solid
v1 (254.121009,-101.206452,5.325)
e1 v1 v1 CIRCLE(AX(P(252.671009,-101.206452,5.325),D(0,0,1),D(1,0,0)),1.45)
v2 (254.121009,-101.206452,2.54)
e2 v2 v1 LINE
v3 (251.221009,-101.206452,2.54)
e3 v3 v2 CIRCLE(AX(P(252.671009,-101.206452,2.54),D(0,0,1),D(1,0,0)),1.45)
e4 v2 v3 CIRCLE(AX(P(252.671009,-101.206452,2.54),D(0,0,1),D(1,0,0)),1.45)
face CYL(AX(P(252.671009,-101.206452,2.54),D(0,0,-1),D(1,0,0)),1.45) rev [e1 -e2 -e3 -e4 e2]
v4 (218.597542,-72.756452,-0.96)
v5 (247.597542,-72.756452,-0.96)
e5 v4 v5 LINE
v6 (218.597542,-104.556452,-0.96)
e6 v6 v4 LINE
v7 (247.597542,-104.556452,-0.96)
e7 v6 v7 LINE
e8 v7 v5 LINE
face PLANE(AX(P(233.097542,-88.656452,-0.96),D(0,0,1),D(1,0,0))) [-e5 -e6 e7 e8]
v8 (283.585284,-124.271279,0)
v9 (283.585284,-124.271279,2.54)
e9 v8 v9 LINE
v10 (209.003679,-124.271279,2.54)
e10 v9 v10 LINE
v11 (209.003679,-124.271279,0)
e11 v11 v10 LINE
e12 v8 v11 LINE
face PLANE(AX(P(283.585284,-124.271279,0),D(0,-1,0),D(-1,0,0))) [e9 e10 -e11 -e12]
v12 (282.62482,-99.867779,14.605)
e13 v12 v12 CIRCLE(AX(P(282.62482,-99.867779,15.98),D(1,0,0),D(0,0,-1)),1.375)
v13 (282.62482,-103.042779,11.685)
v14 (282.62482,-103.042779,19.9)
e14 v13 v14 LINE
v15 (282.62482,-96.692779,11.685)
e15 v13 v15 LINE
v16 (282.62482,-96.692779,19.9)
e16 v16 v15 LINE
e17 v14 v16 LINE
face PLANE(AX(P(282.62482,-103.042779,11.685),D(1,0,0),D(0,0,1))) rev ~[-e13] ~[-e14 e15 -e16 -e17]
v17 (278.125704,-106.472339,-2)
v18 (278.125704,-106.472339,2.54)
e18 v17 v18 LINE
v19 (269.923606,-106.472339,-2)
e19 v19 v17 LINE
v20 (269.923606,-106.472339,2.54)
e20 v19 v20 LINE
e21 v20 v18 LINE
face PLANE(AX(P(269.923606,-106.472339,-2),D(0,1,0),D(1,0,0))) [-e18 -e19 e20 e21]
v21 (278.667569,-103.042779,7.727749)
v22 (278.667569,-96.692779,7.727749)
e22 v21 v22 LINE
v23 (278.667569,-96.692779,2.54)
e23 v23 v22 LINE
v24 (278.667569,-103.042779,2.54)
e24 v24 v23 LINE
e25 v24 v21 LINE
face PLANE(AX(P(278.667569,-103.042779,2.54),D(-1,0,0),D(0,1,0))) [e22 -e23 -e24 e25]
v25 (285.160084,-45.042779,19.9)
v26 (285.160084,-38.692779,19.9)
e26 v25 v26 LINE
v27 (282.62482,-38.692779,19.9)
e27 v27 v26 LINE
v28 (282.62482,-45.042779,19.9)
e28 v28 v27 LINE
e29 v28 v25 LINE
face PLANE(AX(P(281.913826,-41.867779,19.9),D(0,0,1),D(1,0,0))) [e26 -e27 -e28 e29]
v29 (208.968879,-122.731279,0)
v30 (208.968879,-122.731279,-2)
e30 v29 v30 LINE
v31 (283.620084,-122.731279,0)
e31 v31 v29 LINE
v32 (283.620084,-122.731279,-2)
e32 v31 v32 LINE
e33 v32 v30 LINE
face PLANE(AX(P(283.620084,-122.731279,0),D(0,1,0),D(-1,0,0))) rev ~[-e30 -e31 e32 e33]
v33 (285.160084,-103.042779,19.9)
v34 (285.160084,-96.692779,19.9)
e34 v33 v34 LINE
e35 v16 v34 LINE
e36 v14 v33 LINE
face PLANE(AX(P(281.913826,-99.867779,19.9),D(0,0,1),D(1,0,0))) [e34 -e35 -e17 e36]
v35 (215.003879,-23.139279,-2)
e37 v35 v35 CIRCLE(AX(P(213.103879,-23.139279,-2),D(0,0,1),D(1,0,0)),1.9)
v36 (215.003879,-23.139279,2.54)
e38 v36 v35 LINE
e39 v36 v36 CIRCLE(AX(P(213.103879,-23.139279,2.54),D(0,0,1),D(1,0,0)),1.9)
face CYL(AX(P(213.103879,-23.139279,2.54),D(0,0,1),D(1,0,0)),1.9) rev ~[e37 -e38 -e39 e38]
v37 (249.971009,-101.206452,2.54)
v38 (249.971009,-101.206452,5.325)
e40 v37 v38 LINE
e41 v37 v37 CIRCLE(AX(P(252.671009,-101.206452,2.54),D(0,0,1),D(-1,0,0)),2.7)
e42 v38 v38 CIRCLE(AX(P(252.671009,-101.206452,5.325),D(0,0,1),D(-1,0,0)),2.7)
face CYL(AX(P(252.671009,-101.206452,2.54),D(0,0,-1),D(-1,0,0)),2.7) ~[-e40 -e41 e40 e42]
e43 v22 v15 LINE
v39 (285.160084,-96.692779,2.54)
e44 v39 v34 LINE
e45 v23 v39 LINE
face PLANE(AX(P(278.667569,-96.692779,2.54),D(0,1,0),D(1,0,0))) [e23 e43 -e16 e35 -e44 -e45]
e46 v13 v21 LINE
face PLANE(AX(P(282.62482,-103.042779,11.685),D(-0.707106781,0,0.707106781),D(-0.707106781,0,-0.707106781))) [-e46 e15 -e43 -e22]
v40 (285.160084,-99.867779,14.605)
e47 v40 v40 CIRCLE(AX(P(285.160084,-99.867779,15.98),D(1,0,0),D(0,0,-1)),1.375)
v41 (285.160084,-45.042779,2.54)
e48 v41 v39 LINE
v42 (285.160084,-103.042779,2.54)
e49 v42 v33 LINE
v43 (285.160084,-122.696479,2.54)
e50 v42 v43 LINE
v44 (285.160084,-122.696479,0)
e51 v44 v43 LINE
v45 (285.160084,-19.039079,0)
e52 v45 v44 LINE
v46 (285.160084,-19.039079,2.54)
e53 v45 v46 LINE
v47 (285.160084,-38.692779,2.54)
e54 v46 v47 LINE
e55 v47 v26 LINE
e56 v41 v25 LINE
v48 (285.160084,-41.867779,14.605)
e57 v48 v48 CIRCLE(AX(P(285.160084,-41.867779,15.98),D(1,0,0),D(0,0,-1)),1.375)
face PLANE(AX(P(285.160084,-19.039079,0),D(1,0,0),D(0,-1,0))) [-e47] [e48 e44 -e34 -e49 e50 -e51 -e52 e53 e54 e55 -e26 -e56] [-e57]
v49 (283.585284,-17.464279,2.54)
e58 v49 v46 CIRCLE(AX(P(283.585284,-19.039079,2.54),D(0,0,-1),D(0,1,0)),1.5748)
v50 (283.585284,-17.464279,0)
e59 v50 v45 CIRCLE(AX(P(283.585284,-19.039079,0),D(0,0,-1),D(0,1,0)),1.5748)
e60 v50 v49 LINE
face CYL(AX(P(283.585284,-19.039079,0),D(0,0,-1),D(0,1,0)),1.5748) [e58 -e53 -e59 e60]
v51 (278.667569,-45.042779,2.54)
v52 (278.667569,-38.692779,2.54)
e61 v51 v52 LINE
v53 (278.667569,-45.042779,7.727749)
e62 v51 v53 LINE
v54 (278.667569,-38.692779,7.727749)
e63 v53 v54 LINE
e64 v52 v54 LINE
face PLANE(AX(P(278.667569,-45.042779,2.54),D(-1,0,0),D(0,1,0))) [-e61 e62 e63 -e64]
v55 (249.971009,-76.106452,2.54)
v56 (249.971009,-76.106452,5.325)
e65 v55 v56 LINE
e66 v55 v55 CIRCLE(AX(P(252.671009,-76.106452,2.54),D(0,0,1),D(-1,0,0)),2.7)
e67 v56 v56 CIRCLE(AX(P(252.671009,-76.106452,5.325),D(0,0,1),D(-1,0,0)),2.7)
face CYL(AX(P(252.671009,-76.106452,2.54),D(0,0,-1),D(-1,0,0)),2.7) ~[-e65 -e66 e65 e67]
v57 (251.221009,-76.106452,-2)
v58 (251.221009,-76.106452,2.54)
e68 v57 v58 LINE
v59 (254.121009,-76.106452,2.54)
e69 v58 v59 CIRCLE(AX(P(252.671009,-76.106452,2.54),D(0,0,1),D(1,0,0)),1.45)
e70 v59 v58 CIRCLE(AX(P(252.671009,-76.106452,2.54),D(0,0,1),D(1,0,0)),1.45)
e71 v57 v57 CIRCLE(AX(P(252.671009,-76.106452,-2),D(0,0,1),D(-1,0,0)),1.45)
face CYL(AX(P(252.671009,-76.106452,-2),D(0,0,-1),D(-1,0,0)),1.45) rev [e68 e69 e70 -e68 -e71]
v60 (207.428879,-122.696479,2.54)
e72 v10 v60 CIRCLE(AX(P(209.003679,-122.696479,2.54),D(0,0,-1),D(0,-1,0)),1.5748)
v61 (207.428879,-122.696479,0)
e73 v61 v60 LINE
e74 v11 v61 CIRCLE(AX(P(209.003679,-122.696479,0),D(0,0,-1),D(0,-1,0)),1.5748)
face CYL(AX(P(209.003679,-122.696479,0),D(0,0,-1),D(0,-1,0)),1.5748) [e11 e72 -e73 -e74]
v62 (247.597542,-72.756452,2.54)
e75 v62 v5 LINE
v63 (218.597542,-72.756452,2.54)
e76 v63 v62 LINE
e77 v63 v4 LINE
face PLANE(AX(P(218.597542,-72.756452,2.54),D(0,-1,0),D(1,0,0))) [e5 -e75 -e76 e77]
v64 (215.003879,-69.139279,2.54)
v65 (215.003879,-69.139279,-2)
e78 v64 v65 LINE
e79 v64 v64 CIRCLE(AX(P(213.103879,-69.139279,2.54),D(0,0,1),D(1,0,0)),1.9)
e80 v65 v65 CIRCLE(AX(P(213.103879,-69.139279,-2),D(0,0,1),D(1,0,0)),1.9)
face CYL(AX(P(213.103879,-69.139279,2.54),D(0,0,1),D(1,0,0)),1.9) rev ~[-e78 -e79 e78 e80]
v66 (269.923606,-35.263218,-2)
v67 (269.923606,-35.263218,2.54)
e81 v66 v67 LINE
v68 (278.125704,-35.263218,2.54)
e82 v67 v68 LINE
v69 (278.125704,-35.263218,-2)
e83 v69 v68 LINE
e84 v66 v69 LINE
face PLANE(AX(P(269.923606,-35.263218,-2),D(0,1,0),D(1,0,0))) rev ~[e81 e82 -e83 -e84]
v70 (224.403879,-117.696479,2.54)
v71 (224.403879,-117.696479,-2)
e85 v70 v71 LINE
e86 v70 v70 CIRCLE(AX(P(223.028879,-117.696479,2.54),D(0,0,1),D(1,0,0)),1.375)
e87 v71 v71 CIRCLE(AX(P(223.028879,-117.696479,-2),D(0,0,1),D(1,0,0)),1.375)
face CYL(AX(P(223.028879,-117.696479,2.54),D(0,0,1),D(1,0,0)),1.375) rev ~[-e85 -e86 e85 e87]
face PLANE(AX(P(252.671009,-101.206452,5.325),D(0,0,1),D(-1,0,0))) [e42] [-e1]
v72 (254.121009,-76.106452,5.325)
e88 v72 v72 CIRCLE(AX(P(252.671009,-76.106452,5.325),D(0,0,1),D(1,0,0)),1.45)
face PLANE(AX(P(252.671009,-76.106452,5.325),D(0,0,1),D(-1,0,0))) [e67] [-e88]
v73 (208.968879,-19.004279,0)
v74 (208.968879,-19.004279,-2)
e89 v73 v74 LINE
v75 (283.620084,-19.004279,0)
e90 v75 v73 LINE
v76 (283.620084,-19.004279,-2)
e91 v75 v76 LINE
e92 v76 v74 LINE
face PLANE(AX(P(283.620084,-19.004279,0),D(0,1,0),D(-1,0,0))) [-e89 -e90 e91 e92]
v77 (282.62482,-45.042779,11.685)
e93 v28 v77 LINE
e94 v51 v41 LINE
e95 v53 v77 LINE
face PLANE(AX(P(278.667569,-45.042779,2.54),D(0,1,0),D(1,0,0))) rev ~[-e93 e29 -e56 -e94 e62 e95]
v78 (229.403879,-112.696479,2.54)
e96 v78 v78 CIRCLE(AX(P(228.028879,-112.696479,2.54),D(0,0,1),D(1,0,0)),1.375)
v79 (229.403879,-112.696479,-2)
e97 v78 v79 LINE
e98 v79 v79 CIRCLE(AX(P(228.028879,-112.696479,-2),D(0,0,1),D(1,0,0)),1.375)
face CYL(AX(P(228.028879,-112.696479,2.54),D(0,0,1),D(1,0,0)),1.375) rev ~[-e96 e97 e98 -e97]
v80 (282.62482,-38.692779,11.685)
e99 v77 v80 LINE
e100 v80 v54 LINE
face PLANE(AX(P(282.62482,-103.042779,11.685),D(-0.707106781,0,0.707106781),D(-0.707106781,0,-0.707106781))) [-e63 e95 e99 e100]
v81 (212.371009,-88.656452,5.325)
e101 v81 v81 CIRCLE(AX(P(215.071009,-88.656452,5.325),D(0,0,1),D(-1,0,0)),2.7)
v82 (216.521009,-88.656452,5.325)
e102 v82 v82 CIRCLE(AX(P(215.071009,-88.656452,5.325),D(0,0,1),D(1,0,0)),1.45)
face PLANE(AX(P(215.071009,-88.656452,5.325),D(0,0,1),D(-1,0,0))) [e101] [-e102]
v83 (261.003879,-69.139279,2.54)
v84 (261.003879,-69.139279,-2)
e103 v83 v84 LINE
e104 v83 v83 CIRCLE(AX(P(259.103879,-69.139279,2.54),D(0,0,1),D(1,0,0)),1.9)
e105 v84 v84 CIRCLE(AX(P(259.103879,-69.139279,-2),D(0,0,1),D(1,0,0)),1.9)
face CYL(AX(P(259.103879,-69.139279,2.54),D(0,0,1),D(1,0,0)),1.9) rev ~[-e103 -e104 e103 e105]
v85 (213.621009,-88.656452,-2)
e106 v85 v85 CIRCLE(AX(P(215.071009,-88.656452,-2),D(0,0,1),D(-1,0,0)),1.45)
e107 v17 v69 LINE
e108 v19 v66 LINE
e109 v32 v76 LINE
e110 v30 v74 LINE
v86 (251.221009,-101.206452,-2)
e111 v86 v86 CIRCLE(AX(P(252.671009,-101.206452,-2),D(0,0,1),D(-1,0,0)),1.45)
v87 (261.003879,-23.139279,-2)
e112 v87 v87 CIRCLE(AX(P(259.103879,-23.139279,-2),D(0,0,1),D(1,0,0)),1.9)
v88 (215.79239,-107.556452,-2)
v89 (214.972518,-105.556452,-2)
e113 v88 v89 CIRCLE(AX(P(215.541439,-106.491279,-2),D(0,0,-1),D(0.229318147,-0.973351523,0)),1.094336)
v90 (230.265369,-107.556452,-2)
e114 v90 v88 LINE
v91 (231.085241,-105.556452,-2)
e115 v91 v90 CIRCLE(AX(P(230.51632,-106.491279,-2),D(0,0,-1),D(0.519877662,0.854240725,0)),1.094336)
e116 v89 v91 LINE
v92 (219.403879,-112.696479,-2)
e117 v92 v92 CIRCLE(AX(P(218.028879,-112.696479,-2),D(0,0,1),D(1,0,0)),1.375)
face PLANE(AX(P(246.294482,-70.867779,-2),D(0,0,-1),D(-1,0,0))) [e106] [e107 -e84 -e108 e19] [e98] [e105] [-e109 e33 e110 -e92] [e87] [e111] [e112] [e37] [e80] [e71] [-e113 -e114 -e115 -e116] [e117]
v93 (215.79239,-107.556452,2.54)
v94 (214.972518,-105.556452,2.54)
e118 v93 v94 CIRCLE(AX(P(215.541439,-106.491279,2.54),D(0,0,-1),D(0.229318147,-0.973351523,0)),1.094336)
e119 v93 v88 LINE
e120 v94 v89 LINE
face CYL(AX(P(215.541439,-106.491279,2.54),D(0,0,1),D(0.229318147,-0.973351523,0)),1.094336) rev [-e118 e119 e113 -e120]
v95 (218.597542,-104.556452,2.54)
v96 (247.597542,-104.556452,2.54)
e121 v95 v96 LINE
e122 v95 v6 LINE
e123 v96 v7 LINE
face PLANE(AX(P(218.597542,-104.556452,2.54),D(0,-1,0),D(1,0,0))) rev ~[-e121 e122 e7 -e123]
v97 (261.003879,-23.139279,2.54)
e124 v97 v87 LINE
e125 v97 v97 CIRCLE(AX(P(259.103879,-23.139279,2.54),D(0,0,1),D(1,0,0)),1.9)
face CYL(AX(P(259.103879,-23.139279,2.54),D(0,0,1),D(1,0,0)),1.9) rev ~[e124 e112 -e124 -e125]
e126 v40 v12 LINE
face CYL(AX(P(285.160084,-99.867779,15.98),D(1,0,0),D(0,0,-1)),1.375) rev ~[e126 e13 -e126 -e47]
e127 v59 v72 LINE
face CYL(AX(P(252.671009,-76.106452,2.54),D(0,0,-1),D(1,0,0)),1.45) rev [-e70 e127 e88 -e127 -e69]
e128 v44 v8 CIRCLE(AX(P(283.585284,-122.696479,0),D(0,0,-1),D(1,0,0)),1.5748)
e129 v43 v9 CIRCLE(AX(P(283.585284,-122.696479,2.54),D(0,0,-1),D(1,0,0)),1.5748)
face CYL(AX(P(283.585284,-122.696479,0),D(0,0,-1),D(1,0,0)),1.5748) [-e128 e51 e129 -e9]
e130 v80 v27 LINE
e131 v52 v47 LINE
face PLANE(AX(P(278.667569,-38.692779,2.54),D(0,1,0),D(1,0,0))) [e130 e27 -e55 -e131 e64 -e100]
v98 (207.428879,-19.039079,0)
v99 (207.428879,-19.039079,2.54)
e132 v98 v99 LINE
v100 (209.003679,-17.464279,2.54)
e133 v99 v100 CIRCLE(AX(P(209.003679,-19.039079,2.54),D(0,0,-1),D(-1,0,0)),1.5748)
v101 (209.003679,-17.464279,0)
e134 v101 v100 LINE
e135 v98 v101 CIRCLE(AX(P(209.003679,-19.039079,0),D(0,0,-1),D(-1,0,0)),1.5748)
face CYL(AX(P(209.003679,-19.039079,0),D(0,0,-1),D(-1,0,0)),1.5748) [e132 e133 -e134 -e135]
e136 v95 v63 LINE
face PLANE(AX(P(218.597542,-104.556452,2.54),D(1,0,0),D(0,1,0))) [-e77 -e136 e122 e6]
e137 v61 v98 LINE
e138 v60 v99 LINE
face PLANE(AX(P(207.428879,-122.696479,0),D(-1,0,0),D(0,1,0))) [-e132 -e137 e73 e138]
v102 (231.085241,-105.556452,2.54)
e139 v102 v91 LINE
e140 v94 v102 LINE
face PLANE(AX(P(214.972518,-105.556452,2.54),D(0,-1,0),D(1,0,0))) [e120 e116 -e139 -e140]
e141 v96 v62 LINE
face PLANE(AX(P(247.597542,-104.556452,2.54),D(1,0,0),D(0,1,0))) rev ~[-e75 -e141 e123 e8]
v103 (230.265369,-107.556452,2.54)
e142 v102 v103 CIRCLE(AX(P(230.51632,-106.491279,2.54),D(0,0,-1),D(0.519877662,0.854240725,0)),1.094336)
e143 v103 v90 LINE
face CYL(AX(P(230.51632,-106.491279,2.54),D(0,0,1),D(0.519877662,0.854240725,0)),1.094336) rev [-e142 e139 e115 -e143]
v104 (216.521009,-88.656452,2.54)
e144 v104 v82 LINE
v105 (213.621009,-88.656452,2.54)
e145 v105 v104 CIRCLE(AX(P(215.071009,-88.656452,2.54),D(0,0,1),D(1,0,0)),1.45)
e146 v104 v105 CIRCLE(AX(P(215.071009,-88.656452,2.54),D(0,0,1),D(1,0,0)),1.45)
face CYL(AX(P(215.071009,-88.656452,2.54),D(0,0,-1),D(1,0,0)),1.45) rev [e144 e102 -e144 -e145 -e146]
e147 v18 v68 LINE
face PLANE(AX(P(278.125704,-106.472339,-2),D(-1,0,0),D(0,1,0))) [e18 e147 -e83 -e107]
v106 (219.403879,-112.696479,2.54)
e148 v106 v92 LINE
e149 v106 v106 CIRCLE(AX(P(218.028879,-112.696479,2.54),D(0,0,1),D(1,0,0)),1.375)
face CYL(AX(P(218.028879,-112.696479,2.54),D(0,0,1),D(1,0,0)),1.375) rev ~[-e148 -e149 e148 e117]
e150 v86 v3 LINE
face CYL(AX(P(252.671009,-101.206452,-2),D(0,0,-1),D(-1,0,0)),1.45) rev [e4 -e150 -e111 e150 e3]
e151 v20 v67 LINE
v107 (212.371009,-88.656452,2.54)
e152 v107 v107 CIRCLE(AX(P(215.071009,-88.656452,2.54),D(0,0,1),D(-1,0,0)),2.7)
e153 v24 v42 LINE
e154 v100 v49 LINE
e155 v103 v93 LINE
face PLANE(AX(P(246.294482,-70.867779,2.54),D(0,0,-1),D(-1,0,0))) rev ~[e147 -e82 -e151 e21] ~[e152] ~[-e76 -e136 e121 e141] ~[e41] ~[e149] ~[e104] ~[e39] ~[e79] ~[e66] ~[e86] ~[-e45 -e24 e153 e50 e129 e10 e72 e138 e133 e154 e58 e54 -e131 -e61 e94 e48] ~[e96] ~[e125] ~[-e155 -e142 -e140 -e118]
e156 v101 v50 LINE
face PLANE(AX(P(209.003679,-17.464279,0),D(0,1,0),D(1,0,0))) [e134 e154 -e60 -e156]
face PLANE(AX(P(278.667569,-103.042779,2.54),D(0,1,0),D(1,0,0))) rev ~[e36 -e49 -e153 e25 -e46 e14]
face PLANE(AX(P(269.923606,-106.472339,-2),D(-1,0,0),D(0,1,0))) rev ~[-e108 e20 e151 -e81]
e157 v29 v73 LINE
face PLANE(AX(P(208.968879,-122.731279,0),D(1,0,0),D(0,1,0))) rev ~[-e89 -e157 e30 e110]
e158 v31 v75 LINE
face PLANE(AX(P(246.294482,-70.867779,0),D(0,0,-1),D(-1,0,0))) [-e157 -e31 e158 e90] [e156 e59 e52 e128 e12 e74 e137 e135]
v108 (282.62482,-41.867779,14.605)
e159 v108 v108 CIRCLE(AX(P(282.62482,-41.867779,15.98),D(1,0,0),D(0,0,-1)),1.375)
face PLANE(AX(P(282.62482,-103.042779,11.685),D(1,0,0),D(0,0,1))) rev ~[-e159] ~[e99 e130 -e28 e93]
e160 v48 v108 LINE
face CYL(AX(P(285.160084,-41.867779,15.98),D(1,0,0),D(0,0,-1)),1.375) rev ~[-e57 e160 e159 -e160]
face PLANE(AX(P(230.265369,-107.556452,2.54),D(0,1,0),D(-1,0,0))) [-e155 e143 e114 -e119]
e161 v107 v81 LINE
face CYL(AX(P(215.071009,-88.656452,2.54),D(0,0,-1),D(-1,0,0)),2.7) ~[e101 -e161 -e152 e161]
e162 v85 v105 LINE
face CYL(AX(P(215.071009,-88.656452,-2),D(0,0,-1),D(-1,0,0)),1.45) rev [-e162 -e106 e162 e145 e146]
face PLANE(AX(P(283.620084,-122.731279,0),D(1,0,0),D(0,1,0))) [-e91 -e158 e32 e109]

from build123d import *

# Parameters (mm, degrees)
BOSS_EXTRUDE1_DEPTH      = 2.54
SKETCH2_W                = 74.651204731
SKETCH2_H                = 103.727
BOSS_EXTRUDE2_DEPTH      = 2
CAMERA_RIBBON_HOLE_DEPTH = 4.54
SKETCH4_W                = 29
SKETCH4_H                = 31.8
RFD900_HOLE_DEPTH        = 3.5
SKETCH5_R                = 2.7
SKETCH5_R_2              = 1.45
RFD900_MOUNT_DEPTH       = 2.784999988
WIRE_START               = -2
SKETCH6_W                = 8.202097681
SKETCH6_H                = 71.209120783
WIRE_HOLE_DEPTH          = 4.54
SKETCH7_W                = 6.492515401
SKETCH7_H                = 6.35
BOSS_EXTRUDE4_DEPTH      = 17.36
CUT_EXTRUDE4_REACH       = 300.389
SKETCH13_R               = 1.375000001
CUT_EXTRUDE7_DEPTH       = 2.535264343
CUT_EXTRUDE6_START       = -4.54
SKETCH12_R               = 1.45
CUT_EXTRUDE6_DEPTH       = 4.54
SKETCH15_R               = 1.9
CUT_EXTRUDE8_DEPTH       = 4.54
SKETCH16_R               = 1.375
CUT_EXTRUDE9_DEPTH       = 4.54


with BuildPart() as part:
    # Sketch1 → Boss-Extrude1 (new body)
    with BuildSketch(Plane.XY):
        with BuildLine():
            Line((209.003679248, -17.464278872), (283.585283979, -17.464278872))
            ThreePointArc((283.585283979, -17.464278872), (284.698835738, -17.925527113), (285.160083979, -19.039078872))
            Line((285.160083979, -19.039078872), (285.160083979, -122.696478872))
            ThreePointArc((285.160083979, -122.696478872), (284.698835738, -123.810030631), (283.585283979, -124.271278872))
            Line((283.585283979, -124.271278872), (209.003679248, -124.271278872))
            ThreePointArc((209.003679248, -124.271278872), (207.890127489, -123.810030631), (207.428879248, -122.696478872))
            Line((207.428879248, -122.696478872), (207.428879248, -19.039078872))
            ThreePointArc((207.428879248, -19.039078872), (207.890127489, -17.925527113), (209.003679248, -17.464278872))
        make_face()
    extrude(amount=BOSS_EXTRUDE1_DEPTH)

    # Sketch2 → Boss-Extrude2 (add)
    with BuildSketch(Plane(origin=(0, 0, 0), x_dir=(-1, 0, 0), z_dir=(0, 0, -1))):
        with Locations((-246.294481614, -70.867778872)):
            Rectangle(SKETCH2_W, SKETCH2_H)
    extrude(amount=BOSS_EXTRUDE2_DEPTH)

    # Sketch3 → Camera Ribbon Hole (cut)
    with BuildSketch(Plane.XY.offset(2.54)):
        with BuildLine():
            Line((214.972517673, -105.55645249), (231.085240907, -105.55645249))
            ThreePointArc((231.085240907, -105.55645249), (231.52887929, -106.906363326), (230.265368958, -107.55645249))
            Line((230.265368958, -107.55645249), (215.792389622, -107.55645249))
            ThreePointArc((215.792389622, -107.55645249), (214.52887929, -106.906363326), (214.972517673, -105.55645249))
        make_face()
    extrude(amount=-CAMERA_RIBBON_HOLE_DEPTH, mode=Mode.SUBTRACT)

    # Sketch4 → RFD900 Hole (cut)
    with BuildSketch(Plane.XY.offset(2.54)):
        with Locations((233.09754244, -88.65645249)):
            Rectangle(SKETCH4_W, SKETCH4_H)
    extrude(amount=-RFD900_HOLE_DEPTH, mode=Mode.SUBTRACT)

    # Sketch5 → RFD900 Mount (add)
    # profile 1 of 3: a face of its own
    with BuildSketch(Plane.XY.offset(2.54)):
        with Locations(Location((215.071008708, -88.65645249, 0), (0, 0, 180))):
            Circle(SKETCH5_R)
        with Locations((215.071008708, -88.65645249)):
            Circle(SKETCH5_R_2, mode=Mode.SUBTRACT)
    # profile 2 of 3: a face of its own
    with BuildSketch(Plane.XY.offset(2.54)):
        with Locations(Location((252.671008708, -101.20645249, 0), (0, 0, 180))):
            Circle(SKETCH5_R)
        with Locations((252.671008708, -101.20645249)):
            Circle(SKETCH5_R_2, mode=Mode.SUBTRACT)
    # profile 3 of 3: a face of its own
    with BuildSketch(Plane.XY.offset(2.54)):
        with Locations(Location((252.671008708, -76.10645249, 0), (0, 0, 180))):
            Circle(SKETCH5_R)
        with Locations((252.671008708, -76.10645249)):
            Circle(SKETCH5_R_2, mode=Mode.SUBTRACT)
    extrude(amount=RFD900_MOUNT_DEPTH)

    # Sketch6 → Wire Hole (cut)
    with BuildSketch(Plane.XY.offset(WIRE_START)):
        with Locations((274.024654874, -70.867778873)):
            Rectangle(SKETCH6_W, SKETCH6_H)
    extrude(amount=WIRE_HOLE_DEPTH, mode=Mode.SUBTRACT)

    # Sketch7 → Boss-Extrude4 (add)
    with BuildSketch(Plane.XY.offset(2.54)):
        with Locations((281.913826279, -41.867778872)):
            Rectangle(SKETCH7_W, SKETCH7_H)
        with Locations((281.913826279, -99.867778872)):
            Rectangle(SKETCH7_W, SKETCH7_H)
    extrude(amount=BOSS_EXTRUDE4_DEPTH)

    # Cut-Extrude4: up to this face of the body (flat: up to its plane)
    cut_extrude4_end = Plane(part.part.faces().sort_by_distance((281.913826279, -38.692778872, 11.22))[0])
    # Sketch8 → Cut-Extrude4 (cut, up to the picked face)
    with BuildSketch(Plane.XZ.offset(103.042778872), mode=Mode.PRIVATE) as cut_extrude4_sk1:
        Polygon((282.624819635, 11.684999999), (278.667568578, 7.727748942), (278.667568578, 19.9), (282.624819635, 19.9), (282.624819635, 16.98), (282.624819635, 14.604999999), align=None)
    cut_extrude4_tool1 = split(extrude(cut_extrude4_sk1.sketch, amount=-CUT_EXTRUDE4_REACH, mode=Mode.PRIVATE), bisect_by=cut_extrude4_end, keep=Keep.BOTH, mode=Mode.PRIVATE)
    add(cut_extrude4_tool1.solids().sort_by(Axis((280.518174, -103.042779, 14.739177), (0, 1, 0)))[0], mode=Mode.SUBTRACT)

    # Sketch13 → Cut-Extrude7 (cut)
    with BuildSketch(Plane(origin=(285.160083979, 0, 0), x_dir=(0, 0, -1), z_dir=(1, 0, 0))):
        with Locations((-15.98, -99.867778872)):
            Circle(SKETCH13_R)
        with Locations((-15.98, -41.867778872)):
            Circle(SKETCH13_R)
    extrude(amount=-CUT_EXTRUDE7_DEPTH, mode=Mode.SUBTRACT)

    # Sketch12 → Cut-Extrude6 (cut)
    with BuildSketch(Plane.XY.offset(2.54).offset(CUT_EXTRUDE6_START)):
        with Locations(Location((252.671008708, -76.10645249, 0), (0, 0, 180))):
            Circle(SKETCH12_R)
        with Locations(Location((252.671008708, -101.20645249, 0), (0, 0, 180))):
            Circle(SKETCH12_R)
        with Locations(Location((215.071008708, -88.65645249, 0), (0, 0, 180))):
            Circle(SKETCH12_R)
    extrude(amount=CUT_EXTRUDE6_DEPTH, mode=Mode.SUBTRACT)

    # Sketch15 → Cut-Extrude8 (cut)
    with BuildSketch(Plane.XY.offset(2.54)):
        with Locations((213.103879248, -23.139278872)):
            Circle(SKETCH15_R)
        with Locations((259.103879248, -23.139278872)):
            Circle(SKETCH15_R)
        with Locations((213.103879248, -69.139278872)):
            Circle(SKETCH15_R)
        with Locations((259.103879248, -69.139278872)):
            Circle(SKETCH15_R)
    extrude(amount=-CUT_EXTRUDE8_DEPTH, mode=Mode.SUBTRACT)

    # Sketch16 → Cut-Extrude9 (cut)
    with BuildSketch(Plane.XY.offset(2.54)):
        with Locations((228.028879248, -112.696478872)):
            Circle(SKETCH16_R)
        with Locations((223.028879248, -117.696478872)):
            Circle(SKETCH16_R)
        with Locations((218.028879248, -112.696478872)):
            Circle(SKETCH16_R)
    extrude(amount=-CUT_EXTRUDE9_DEPTH, mode=Mode.SUBTRACT)


solid = part.part
